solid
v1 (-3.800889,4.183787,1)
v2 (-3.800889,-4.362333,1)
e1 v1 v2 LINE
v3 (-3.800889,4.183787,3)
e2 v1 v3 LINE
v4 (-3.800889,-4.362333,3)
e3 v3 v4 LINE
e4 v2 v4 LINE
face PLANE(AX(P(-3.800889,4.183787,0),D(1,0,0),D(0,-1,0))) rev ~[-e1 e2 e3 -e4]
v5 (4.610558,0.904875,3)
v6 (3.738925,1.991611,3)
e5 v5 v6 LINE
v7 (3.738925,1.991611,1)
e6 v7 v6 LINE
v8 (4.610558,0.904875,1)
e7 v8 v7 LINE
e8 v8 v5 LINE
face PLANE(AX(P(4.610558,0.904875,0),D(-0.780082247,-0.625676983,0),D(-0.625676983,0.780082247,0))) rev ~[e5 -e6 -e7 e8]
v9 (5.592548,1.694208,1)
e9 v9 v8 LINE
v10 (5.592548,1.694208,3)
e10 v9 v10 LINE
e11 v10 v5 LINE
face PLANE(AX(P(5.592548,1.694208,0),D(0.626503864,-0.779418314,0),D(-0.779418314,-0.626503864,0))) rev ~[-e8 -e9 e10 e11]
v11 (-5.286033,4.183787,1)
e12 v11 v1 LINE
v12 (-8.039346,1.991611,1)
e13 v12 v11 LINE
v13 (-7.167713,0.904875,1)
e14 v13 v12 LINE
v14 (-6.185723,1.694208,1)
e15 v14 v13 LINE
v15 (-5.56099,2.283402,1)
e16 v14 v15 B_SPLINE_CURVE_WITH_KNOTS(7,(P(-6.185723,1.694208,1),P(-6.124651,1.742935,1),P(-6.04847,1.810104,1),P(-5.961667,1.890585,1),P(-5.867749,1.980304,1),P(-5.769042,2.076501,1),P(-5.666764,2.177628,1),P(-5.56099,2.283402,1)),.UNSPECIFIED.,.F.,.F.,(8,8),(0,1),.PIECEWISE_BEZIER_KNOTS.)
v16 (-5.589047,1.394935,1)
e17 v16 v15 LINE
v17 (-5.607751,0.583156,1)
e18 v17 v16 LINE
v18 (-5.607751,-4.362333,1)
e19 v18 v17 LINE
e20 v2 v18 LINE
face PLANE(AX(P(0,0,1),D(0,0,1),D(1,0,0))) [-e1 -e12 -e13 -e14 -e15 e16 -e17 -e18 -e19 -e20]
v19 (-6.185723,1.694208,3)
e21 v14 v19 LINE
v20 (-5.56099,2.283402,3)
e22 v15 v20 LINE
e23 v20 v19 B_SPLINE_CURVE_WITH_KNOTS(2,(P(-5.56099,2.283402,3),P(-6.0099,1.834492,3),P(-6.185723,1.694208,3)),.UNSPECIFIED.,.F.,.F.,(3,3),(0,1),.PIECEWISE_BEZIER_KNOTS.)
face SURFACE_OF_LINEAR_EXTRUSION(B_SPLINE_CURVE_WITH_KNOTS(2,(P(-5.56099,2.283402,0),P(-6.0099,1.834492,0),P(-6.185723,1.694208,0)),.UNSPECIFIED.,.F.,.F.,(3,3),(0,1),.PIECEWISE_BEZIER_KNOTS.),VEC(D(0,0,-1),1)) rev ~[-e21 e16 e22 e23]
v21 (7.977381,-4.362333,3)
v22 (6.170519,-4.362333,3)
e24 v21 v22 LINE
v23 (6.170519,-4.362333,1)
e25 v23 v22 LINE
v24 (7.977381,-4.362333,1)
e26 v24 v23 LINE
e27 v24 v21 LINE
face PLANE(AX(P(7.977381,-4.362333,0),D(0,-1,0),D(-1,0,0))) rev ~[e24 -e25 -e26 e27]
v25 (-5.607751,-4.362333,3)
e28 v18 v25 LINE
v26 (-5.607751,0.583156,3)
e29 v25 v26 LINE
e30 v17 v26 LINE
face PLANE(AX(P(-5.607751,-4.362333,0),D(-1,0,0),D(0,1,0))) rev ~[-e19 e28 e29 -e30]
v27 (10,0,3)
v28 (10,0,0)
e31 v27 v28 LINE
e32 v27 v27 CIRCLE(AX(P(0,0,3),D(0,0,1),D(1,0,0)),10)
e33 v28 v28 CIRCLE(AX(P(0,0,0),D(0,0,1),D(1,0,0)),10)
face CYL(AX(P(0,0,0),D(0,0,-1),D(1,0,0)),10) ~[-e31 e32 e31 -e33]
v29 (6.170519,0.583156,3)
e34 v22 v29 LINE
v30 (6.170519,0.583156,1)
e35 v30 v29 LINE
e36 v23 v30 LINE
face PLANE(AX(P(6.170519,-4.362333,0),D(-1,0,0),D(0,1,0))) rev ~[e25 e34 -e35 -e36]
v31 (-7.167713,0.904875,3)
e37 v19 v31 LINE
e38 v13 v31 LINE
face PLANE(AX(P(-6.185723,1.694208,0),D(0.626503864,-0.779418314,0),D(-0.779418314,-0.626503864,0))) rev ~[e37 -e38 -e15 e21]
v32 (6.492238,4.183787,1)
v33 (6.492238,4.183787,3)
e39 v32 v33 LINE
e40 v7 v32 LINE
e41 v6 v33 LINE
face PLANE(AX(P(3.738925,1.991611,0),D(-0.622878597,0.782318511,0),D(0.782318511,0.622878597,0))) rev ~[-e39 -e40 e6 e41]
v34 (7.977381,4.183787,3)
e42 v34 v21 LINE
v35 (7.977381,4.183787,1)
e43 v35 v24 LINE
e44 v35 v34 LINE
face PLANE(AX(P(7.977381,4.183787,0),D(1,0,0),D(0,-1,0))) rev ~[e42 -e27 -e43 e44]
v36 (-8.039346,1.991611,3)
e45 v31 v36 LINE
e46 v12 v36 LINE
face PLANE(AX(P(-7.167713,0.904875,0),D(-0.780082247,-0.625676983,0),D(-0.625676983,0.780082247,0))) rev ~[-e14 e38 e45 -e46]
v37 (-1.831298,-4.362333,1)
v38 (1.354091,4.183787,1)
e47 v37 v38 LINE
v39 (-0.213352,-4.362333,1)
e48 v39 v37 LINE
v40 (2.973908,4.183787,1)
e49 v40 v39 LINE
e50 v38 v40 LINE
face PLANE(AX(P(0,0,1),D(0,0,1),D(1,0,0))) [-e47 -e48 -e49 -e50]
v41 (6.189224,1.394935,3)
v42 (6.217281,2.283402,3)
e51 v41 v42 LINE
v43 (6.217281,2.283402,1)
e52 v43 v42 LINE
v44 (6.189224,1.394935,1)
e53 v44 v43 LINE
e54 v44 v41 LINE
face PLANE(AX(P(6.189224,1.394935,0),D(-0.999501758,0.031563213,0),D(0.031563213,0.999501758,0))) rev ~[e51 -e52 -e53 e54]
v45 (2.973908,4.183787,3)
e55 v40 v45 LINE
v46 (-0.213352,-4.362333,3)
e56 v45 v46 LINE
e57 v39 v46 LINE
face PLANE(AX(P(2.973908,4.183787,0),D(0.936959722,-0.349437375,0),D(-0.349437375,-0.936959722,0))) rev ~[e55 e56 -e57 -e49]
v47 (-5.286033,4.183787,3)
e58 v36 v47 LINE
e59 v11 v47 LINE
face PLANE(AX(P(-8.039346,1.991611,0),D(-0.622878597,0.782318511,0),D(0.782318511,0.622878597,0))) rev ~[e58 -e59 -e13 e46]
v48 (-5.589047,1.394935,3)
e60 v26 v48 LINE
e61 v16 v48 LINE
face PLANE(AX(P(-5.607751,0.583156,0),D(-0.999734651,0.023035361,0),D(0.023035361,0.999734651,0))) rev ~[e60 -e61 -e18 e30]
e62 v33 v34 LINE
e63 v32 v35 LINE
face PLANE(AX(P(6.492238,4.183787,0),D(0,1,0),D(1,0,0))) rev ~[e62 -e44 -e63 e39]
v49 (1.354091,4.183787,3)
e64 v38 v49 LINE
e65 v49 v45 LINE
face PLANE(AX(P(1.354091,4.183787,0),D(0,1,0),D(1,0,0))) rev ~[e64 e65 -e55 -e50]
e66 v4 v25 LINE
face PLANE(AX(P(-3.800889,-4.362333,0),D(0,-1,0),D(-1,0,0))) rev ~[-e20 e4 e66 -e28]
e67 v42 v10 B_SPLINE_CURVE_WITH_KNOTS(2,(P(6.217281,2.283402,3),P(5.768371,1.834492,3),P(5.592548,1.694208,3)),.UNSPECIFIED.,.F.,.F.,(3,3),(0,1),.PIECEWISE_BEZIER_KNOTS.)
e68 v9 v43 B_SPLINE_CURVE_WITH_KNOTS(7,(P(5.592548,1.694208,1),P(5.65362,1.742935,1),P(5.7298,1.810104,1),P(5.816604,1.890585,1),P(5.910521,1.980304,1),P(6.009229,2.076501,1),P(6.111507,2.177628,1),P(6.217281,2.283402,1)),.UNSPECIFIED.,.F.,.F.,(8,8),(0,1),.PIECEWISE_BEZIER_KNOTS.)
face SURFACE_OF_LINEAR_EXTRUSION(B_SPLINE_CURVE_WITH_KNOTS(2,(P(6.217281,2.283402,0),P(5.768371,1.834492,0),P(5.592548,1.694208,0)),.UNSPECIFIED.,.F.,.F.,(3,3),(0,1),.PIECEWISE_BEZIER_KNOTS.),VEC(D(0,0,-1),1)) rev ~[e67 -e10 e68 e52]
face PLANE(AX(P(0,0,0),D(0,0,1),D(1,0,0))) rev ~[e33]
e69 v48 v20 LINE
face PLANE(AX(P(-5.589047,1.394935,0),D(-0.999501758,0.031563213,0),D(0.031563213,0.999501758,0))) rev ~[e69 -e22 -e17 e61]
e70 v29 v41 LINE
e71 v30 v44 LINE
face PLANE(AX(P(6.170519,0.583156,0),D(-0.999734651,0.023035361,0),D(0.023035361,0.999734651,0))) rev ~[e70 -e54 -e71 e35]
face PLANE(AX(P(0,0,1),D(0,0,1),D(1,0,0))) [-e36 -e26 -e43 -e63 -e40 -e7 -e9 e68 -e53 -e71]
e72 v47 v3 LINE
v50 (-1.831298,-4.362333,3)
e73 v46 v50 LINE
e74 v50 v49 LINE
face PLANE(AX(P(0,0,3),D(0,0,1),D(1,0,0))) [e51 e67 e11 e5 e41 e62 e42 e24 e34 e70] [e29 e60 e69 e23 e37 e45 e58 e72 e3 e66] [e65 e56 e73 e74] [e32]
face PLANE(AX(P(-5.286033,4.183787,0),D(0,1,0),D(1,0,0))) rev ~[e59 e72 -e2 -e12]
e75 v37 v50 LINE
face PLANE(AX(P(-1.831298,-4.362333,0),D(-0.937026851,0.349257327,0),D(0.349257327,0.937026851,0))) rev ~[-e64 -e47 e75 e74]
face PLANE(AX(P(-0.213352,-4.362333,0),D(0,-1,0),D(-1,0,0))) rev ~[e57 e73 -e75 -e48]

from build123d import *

# Parameters (mm, degrees)
F0_R     = 10
F1_DEPTH = 3
F2_R     = 10
F3_DEPTH = 1


with BuildPart() as f1:
    # F0 (on Top) → F1 (new body)
    with BuildSketch(Plane.XY):
        Circle(F0_R)
        Polygon((-8.746378839, -4.3623333385), (-8.746378839, 4.2567346393), (8.753621161, 4.2567346393), (8.753621161, -4.3623333385), (7.9773813149, -4.3623333385), (6.1705194081, -4.3623333385), (-0.2133519044, -4.3623333385), (-1.8312976077, -4.3623333385), (-3.8008893136, -4.3623333385), (-5.6077512204, -4.3623333385), align=None, mode=Mode.SUBTRACT)
        with BuildLine():
            Line((8.753621161, 4.2567346393), (-8.746378839, 4.2567346393))
            Line((-8.746378839, 4.2567346393), (-8.746378839, -4.3623333385))
            Line((-8.746378839, -4.3623333385), (-5.6077512204, -4.3623333385))
            Line((-5.6077512204, -4.3623333385), (-5.6077512204, 0.5831561869))
            Line((-5.6077512204, 0.5831561869), (-5.5890466458, 1.3949347248))
            Line((-5.5890466458, 1.3949347248), (-5.5609897839, 2.2834020185))
            add(Edge.make_bspline(
                [(-5.5609897839, 2.2834020185), (-6.0098995744, 1.834492228), (-6.1857225757, 1.6942079184)],
                knots=[0, 0, 0, 1, 1, 1], degree=2))
            Line((-6.1857225757, 1.6942079184), (-7.1677127424, 0.9048748701))
            Line((-7.1677127424, 0.9048748701), (-8.039345919, 1.9916106547))
            Line((-8.039345919, 1.9916106547), (-5.2860325372, 4.1837867983))
            Line((-5.2860325372, 4.1837867983), (-3.8008893136, 4.1837867983))
            Line((-3.8008893136, 4.1837867983), (-3.8008893136, -4.3623333385))
            Line((-3.8008893136, -4.3623333385), (-1.8312976077, -4.3623333385))
            Line((-1.8312976077, -4.3623333385), (1.3540914474, 4.1837867983))
            Line((1.3540914474, 4.1837867983), (2.9739076082, 4.1837867983))
            Line((2.9739076082, 4.1837867983), (-0.2133519044, -4.3623333385))
            Line((-0.2133519044, -4.3623333385), (6.1705194081, -4.3623333385))
            Line((6.1705194081, -4.3623333385), (6.1705194081, 0.5831561869))
            Line((6.1705194081, 0.5831561869), (6.1892239827, 1.3949347248))
            Line((6.1892239827, 1.3949347248), (6.2172808446, 2.2834020185))
            add(Edge.make_bspline(
                [(6.2172808446, 2.2834020185), (5.7683710541, 1.834492228), (5.5925480528, 1.6942079184)],
                knots=[0, 0, 0, 1, 1, 1], degree=2))
            Line((5.5925480528, 1.6942079184), (4.6105578861, 0.9048748701))
            Line((4.6105578861, 0.9048748701), (3.7389247095, 1.9916106547))
            Line((3.7389247095, 1.9916106547), (6.4922380913, 4.1837867983))
            Line((6.4922380913, 4.1837867983), (7.9773813149, 4.1837867983))
            Line((7.9773813149, 4.1837867983), (7.9773813149, -4.3623333385))
            Line((7.9773813149, -4.3623333385), (8.753621161, -4.3623333385))
            Line((8.753621161, -4.3623333385), (8.753621161, 4.2567346393))
        make_face()
    extrude(amount=F1_DEPTH)

    # F2 (on Top) → F3 (join)
    with BuildSketch(Plane.XY):
        Circle(F2_R)
    extrude(amount=F3_DEPTH)


solid = f1.part
